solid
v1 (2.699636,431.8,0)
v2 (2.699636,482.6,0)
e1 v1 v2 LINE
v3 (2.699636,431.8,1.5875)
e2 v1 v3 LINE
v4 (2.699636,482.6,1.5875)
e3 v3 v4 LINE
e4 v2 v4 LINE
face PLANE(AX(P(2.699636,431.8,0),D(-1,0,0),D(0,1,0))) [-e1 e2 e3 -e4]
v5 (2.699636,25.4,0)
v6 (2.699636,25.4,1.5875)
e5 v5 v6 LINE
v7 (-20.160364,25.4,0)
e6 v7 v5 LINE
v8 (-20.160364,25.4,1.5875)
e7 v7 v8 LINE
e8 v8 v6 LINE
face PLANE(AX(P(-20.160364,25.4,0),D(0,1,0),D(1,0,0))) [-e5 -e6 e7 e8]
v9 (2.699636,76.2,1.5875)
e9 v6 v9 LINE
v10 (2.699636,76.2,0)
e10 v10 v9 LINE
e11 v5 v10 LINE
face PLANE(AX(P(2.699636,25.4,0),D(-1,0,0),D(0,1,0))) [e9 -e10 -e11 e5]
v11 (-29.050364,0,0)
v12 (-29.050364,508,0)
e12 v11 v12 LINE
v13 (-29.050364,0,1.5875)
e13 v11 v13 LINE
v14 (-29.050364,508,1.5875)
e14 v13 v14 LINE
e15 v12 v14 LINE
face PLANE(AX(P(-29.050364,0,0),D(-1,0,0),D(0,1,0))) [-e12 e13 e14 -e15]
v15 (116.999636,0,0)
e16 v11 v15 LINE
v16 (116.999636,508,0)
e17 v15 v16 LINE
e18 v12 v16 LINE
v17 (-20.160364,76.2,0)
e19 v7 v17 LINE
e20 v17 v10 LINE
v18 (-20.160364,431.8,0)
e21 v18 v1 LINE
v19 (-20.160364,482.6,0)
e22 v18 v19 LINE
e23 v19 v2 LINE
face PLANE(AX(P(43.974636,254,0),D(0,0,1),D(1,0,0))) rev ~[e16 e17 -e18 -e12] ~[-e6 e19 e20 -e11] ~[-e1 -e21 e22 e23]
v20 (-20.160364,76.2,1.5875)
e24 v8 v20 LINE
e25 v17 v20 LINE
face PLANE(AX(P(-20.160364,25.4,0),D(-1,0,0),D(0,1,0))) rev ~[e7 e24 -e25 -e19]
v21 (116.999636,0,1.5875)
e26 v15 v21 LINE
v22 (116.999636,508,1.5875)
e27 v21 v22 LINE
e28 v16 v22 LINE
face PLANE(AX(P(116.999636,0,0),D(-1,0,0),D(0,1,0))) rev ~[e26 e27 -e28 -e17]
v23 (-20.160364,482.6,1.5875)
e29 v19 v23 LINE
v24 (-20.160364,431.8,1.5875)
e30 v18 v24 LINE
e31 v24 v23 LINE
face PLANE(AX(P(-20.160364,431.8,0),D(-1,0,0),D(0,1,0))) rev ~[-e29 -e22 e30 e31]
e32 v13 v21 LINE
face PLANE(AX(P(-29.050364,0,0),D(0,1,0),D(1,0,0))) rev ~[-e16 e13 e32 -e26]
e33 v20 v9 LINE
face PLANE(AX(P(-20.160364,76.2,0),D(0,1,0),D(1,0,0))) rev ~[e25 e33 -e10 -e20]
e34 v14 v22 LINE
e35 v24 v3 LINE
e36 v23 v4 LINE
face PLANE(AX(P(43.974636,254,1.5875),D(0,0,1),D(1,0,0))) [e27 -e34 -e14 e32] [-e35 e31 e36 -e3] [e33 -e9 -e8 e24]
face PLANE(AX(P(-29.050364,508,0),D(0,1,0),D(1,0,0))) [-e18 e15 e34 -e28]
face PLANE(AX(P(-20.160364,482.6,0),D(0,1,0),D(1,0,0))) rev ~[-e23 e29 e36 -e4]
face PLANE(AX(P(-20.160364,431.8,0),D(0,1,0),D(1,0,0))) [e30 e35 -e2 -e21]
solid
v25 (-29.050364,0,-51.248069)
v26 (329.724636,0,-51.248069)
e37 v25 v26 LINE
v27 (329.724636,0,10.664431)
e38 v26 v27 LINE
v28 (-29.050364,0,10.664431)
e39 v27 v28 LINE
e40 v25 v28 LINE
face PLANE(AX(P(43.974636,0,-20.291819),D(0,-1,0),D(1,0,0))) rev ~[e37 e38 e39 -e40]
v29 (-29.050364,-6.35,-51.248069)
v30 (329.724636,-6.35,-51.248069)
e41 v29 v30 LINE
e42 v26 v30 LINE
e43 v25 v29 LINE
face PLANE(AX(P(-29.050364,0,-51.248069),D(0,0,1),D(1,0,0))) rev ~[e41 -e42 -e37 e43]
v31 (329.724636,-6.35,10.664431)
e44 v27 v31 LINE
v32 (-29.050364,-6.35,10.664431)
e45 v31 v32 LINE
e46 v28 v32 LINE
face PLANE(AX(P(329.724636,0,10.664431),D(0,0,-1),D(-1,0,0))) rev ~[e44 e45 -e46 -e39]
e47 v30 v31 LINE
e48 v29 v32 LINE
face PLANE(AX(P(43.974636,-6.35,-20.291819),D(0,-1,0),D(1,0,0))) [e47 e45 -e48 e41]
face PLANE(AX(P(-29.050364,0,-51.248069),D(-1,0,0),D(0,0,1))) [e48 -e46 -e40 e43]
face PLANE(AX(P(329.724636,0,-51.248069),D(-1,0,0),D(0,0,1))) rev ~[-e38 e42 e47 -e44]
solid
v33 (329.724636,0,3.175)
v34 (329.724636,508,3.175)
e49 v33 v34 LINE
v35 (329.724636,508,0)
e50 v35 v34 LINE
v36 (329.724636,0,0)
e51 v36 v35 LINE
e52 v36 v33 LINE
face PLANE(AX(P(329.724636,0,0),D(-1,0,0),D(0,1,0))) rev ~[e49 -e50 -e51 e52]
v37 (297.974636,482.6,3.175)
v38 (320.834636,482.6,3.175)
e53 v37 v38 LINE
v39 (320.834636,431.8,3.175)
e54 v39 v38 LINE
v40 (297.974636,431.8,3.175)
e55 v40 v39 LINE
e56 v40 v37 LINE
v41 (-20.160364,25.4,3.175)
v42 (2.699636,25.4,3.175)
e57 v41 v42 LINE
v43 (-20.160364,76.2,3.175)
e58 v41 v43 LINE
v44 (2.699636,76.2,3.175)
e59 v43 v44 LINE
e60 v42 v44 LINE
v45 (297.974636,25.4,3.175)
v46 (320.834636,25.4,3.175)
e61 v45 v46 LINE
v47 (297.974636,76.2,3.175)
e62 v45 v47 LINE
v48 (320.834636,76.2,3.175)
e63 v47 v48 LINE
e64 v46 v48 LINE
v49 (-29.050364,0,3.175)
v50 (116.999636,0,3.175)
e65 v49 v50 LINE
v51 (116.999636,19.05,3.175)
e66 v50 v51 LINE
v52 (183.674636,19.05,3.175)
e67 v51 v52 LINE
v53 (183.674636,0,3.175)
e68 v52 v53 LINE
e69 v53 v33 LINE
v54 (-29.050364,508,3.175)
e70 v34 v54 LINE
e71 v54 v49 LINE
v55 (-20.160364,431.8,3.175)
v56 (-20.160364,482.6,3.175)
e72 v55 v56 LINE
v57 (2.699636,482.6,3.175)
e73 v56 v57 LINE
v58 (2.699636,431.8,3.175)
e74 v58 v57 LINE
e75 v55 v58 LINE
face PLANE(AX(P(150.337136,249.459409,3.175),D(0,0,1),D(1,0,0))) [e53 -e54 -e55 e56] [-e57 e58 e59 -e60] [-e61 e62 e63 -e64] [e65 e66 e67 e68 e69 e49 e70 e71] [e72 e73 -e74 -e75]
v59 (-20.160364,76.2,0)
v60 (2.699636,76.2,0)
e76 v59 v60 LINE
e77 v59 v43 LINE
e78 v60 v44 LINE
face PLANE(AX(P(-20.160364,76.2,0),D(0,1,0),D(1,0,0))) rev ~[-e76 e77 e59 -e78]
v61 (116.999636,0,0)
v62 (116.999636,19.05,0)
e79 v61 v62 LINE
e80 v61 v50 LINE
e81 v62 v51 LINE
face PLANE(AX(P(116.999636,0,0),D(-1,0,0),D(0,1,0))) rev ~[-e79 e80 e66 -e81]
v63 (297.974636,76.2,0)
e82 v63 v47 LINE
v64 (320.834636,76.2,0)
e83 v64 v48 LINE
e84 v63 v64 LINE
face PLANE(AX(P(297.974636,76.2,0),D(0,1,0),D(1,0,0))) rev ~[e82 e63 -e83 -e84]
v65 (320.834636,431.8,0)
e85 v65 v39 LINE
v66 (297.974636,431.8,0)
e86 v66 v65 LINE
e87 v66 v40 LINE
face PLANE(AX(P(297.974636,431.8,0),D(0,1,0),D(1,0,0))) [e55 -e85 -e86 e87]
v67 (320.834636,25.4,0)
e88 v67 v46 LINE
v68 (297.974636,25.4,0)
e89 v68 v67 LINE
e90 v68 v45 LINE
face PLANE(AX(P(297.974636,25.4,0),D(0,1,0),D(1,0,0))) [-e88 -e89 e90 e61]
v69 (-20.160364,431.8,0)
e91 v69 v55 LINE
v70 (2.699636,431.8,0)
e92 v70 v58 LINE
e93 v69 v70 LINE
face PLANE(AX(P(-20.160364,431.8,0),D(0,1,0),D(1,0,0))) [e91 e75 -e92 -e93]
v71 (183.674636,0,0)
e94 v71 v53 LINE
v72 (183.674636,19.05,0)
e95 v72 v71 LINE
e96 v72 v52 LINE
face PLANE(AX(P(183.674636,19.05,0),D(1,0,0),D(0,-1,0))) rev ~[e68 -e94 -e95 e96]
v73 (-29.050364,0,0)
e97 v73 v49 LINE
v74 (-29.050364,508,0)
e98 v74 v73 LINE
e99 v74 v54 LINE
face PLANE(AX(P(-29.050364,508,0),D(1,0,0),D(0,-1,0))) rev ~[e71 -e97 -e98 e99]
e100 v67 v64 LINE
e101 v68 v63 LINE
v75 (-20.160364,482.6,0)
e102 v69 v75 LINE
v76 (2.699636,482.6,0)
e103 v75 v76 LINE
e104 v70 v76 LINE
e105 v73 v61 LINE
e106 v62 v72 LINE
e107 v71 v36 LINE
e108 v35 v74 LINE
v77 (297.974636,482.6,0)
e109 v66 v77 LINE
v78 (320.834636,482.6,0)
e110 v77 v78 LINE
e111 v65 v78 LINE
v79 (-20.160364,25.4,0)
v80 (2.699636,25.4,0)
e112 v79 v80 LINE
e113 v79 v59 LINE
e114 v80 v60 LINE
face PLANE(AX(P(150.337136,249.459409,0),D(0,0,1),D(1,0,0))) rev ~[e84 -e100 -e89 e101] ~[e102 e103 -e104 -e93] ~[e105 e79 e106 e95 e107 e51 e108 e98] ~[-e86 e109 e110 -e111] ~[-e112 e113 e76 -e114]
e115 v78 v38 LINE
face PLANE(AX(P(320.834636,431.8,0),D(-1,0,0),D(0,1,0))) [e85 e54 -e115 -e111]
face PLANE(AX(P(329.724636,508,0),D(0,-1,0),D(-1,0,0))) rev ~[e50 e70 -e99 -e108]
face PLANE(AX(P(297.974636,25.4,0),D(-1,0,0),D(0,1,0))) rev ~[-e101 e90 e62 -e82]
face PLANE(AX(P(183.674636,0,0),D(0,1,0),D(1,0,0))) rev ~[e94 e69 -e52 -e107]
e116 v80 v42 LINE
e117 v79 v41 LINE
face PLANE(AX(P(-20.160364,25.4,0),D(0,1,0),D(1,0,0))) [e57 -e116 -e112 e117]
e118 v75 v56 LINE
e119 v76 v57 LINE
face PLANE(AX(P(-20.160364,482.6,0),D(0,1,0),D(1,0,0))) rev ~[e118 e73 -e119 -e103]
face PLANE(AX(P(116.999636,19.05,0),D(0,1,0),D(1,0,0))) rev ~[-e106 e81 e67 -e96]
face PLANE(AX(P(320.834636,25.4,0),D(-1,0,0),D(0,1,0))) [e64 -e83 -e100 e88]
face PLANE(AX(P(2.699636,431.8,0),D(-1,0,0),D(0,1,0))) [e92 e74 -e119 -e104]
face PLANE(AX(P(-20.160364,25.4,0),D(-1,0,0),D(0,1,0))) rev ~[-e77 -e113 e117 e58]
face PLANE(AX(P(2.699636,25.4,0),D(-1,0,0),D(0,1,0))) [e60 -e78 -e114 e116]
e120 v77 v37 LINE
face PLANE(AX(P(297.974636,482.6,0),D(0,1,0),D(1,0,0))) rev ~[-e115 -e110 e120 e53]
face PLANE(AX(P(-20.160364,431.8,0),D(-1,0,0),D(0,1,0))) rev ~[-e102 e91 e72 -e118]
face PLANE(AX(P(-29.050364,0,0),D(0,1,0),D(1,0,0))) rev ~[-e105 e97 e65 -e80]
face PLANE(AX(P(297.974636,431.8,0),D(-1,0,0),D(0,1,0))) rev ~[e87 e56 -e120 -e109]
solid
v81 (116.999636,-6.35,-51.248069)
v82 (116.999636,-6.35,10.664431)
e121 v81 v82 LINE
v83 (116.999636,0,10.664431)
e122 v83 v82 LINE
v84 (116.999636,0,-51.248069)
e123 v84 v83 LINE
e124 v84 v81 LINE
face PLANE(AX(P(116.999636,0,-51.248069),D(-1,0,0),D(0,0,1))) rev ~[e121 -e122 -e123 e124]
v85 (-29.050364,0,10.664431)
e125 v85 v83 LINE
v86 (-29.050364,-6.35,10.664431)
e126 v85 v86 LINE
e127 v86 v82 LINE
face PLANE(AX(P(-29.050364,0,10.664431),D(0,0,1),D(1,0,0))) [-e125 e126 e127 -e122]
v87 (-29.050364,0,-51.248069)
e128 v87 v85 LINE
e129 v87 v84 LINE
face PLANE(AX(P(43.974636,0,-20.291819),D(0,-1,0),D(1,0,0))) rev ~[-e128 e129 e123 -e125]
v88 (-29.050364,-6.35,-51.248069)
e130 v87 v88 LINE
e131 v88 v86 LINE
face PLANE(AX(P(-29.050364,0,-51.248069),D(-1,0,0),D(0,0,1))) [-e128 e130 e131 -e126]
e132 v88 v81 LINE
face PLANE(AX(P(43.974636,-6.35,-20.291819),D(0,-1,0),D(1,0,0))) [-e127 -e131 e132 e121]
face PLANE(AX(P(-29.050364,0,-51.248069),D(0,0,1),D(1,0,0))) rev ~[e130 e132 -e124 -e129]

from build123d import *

# Parameters (mm, degrees)
F0_W     = 146.05
F0_H     = 61.9125
F0_W_2   = 212.725
F1_DEPTH = 6.35
F2_DEPTH = 6.35
F3_W     = 146.05
F3_H     = 508
F3_W_2   = 22.86
F3_H_2   = 50.8
F4_DEPTH = 1.5875
F5_W     = 22.86
F5_H     = 50.8
F6_DEPTH = 3.175


with BuildPart() as f1:
    # F0 (on Front) → F1 (new body)
    with BuildSketch(Plane.XZ):
        with Locations((43.9746357441, -20.2918192999)):
            Rectangle(F0_W, F0_H)
        with Locations((223.3621357441, -20.2918192999)):
            Rectangle(F0_W_2, F0_H)
    extrude(amount=F1_DEPTH)


with BuildPart() as f2:
    # F0 (on Front) → F2 (new body)
    with BuildSketch(Plane.XZ):
        with Locations((43.9746357441, -20.2918192999)):
            Rectangle(F0_W, F0_H)
    extrude(amount=F2_DEPTH)


with BuildPart() as f4:
    # F3 (on Top) → F4 (new body)
    with BuildSketch(Plane.XY):
        with Locations((43.9746357441, 254)):
            Rectangle(F3_W, F3_H)
        with Locations((-8.7303642559, 50.8)):
            Rectangle(F3_W_2, F3_H_2, mode=Mode.SUBTRACT)
        with Locations((-8.7303642559, 457.2)):
            Rectangle(F3_W_2, F3_H_2, mode=Mode.SUBTRACT)
    extrude(amount=F4_DEPTH)


with BuildPart() as f6:
    # F5 (on Top) → F6 (new body)
    with BuildSketch(Plane.XY):
        Polygon((-29.0503642559, 508), (-29.0503642559, 0), (116.9996357441, 0), (116.9996357441, 19.05), (183.6746357441, 19.05), (183.6746357441, 0), (329.7246357441, 0), (329.7246357441, 508), align=None)
        with Locations((-8.7303642559, 50.8)):
            Rectangle(F5_W, F5_H, mode=Mode.SUBTRACT)
        with Locations((309.4046357441, 50.8)):
            Rectangle(F5_W, F5_H, mode=Mode.SUBTRACT)
        with Locations((-8.7303642559, 457.2)):
            Rectangle(F5_W, F5_H, mode=Mode.SUBTRACT)
        with Locations((309.4046357441, 457.2)):
            Rectangle(F5_W, F5_H, mode=Mode.SUBTRACT)
    extrude(amount=F6_DEPTH)


solid = Compound([f1.part, f2.part, f4.part, f6.part])
